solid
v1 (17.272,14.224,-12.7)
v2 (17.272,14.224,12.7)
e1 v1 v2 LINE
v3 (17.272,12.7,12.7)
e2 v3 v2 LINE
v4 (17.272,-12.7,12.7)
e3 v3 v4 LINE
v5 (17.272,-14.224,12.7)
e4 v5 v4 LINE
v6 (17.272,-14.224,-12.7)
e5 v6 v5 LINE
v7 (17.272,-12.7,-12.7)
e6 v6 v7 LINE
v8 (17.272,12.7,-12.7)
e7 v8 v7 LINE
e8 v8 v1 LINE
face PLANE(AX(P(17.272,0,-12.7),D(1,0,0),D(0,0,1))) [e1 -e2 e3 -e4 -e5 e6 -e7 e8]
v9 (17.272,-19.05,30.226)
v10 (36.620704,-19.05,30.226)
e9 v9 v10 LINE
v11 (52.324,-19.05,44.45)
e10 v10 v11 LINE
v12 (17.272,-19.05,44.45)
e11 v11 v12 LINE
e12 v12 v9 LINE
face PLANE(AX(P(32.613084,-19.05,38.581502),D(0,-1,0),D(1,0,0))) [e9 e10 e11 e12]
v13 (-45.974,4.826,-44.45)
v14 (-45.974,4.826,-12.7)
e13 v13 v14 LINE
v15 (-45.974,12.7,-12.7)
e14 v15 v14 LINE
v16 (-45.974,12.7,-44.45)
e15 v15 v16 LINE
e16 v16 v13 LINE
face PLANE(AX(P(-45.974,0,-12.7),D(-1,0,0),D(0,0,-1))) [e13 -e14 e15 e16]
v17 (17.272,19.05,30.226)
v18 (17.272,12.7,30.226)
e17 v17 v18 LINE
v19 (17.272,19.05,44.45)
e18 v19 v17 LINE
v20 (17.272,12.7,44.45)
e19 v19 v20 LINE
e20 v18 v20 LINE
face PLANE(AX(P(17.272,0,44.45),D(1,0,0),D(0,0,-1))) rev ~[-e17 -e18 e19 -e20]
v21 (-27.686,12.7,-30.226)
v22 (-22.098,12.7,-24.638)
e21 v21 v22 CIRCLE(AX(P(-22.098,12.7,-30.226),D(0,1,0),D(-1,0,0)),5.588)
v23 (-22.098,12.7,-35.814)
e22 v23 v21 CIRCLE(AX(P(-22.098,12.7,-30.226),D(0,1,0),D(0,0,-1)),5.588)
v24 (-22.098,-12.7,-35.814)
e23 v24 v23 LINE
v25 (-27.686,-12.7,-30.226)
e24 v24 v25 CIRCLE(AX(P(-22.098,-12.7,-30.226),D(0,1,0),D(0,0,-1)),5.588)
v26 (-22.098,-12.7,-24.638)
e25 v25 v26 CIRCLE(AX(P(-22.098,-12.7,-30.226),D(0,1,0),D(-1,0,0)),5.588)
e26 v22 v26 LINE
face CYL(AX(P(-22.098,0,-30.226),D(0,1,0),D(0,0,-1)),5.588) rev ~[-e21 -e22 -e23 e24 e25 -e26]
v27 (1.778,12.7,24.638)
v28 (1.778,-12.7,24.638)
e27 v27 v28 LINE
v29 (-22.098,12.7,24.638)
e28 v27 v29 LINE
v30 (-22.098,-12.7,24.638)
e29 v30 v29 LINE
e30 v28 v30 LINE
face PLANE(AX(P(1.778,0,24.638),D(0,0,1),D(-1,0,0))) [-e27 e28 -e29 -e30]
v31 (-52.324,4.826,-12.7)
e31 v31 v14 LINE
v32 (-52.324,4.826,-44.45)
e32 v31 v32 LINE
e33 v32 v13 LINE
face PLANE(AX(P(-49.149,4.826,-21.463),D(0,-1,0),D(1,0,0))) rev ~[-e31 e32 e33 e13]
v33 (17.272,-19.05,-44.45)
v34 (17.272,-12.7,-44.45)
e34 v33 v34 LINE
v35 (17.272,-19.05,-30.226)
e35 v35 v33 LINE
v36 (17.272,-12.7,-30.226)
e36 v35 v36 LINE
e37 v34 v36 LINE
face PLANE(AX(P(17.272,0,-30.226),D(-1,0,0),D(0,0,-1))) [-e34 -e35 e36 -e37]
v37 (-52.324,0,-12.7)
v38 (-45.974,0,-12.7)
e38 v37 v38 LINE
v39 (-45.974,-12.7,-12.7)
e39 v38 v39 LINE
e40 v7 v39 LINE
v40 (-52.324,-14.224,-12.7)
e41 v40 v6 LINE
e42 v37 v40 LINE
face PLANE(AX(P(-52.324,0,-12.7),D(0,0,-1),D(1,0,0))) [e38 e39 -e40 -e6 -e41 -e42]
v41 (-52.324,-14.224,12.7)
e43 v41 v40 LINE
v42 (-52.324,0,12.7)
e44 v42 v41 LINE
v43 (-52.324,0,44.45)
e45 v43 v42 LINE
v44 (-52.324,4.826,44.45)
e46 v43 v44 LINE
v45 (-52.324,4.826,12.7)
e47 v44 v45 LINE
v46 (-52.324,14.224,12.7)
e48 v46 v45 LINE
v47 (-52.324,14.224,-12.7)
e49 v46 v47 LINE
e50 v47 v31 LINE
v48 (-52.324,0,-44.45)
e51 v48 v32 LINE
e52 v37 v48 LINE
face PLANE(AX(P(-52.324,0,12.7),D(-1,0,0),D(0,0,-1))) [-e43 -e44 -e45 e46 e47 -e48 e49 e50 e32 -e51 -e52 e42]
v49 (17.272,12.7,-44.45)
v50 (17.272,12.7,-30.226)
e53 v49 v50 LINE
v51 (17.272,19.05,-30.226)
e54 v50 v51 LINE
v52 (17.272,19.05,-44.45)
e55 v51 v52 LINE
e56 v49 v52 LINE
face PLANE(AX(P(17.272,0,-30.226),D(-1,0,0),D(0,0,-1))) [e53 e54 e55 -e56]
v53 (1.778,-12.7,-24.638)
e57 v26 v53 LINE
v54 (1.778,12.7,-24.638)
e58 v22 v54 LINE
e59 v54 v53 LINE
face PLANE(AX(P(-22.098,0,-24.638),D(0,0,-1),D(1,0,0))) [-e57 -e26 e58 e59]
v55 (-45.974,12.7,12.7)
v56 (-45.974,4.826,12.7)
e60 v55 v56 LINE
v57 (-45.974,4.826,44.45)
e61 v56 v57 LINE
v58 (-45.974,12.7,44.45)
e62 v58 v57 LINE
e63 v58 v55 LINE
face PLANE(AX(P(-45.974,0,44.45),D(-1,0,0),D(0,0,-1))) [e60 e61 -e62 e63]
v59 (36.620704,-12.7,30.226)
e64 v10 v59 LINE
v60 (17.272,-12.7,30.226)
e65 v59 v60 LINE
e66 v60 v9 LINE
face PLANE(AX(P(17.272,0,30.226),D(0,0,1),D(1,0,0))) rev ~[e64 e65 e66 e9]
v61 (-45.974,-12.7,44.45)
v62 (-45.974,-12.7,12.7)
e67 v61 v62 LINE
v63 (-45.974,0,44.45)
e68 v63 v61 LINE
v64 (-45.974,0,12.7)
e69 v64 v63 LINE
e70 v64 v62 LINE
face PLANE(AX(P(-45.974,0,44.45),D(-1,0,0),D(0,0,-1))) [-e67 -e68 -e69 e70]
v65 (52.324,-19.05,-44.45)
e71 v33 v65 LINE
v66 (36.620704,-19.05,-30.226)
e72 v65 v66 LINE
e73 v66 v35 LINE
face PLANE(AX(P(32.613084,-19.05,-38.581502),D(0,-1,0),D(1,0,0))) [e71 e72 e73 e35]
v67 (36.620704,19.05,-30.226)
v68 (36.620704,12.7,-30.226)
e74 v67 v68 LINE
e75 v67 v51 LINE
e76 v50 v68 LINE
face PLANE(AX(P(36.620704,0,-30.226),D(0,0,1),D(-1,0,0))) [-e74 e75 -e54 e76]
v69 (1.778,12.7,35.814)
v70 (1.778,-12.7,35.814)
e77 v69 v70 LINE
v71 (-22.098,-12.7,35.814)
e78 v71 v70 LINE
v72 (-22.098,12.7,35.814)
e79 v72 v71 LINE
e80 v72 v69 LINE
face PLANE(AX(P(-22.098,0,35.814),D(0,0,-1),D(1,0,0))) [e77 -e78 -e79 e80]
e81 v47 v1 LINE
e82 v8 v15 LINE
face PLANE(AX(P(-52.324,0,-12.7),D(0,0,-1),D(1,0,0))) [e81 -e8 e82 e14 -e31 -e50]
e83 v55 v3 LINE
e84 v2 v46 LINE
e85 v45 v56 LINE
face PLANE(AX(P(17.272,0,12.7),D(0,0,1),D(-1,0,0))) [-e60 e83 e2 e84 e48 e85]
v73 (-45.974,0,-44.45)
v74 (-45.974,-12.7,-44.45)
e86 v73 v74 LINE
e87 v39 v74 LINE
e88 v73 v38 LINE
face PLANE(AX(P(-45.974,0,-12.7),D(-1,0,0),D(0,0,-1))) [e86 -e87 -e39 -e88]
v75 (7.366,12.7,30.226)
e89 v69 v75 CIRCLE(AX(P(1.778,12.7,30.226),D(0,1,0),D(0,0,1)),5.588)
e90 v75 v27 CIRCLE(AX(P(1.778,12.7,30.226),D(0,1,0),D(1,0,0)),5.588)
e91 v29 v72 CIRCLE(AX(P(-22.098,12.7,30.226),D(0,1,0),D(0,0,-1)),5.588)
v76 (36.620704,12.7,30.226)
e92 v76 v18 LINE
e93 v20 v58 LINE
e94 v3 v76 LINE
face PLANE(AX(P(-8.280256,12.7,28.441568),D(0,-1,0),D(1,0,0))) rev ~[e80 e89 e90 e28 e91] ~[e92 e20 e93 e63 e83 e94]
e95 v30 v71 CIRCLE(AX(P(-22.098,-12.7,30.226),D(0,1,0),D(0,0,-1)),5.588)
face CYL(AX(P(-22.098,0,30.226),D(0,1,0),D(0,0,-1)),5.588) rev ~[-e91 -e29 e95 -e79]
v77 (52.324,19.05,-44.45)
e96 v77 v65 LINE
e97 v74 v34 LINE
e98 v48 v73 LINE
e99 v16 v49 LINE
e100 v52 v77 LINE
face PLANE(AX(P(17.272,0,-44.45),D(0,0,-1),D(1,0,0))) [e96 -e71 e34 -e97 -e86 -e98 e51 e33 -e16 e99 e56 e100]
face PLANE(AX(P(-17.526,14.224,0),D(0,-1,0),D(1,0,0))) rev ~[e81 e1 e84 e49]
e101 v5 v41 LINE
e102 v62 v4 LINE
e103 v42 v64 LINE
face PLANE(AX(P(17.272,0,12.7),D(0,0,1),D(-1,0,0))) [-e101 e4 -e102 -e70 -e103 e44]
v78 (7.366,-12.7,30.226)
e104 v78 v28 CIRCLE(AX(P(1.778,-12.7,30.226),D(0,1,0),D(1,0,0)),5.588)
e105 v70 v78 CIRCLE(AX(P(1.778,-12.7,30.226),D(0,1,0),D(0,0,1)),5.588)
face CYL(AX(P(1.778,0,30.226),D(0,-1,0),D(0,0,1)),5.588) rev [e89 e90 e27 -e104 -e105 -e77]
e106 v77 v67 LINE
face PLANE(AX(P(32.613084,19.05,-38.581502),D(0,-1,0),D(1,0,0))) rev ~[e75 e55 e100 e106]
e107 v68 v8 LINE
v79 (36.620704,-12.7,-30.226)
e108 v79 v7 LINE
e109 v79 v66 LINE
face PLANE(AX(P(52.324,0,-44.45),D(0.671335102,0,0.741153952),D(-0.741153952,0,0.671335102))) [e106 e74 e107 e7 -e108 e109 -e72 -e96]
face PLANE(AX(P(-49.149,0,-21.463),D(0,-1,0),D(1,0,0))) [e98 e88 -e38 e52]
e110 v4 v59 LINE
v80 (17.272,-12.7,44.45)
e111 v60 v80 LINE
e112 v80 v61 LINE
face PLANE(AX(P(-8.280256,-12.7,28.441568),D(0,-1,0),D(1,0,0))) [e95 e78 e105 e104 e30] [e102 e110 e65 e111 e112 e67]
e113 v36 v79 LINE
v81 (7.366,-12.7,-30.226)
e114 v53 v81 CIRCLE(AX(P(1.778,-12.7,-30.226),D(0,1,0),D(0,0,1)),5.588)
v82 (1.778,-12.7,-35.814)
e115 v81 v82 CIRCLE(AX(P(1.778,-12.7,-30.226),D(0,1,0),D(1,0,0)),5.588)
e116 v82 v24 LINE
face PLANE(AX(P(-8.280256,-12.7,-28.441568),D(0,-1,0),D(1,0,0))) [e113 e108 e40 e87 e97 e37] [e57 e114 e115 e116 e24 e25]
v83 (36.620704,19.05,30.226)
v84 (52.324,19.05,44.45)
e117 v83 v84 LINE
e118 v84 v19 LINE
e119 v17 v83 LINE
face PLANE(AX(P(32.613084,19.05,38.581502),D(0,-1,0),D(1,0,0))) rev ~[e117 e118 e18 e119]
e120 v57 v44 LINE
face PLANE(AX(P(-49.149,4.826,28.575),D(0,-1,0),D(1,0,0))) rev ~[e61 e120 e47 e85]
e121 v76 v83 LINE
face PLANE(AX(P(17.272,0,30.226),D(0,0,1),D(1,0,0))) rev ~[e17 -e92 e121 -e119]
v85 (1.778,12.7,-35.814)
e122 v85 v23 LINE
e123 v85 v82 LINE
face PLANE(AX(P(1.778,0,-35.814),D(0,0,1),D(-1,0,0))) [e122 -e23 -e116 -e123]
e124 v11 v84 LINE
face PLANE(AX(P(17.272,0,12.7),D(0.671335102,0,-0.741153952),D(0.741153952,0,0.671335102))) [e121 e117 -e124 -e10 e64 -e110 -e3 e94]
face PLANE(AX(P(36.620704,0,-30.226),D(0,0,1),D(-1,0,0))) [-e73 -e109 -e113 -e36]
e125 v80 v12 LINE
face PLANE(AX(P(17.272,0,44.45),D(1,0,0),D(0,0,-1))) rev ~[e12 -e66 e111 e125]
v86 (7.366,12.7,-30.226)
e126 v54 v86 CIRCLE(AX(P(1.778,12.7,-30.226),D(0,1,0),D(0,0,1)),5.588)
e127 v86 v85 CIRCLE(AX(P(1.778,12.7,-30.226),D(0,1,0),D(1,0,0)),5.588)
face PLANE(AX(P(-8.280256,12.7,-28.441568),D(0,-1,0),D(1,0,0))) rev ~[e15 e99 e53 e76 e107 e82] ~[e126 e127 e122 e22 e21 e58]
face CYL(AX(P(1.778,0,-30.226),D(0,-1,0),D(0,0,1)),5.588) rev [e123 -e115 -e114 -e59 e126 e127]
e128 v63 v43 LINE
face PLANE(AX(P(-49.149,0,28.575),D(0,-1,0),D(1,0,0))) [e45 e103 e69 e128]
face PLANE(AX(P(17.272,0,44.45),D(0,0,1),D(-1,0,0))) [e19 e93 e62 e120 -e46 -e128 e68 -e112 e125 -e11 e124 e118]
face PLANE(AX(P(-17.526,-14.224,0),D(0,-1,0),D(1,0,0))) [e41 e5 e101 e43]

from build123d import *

# Parameters (mm, degrees)
F1_DEPTH = 14.224
F0_W     = 6.35
F0_H     = 17.526
F0_H_2   = 14.224
F2_DEPTH = 4.826
F3_DEPTH = 12.7
F4_DEPTH = 12.7
F5_DEPTH = 19.05


with BuildPart() as f1:
    # F0 (on Front) → F1 (new body, symmetric)
    with BuildSketch(Plane.XZ):
        Polygon((17.272, 12.7), (-45.974, 12.7), (-52.324, 12.7), (-52.324, -12.7), (-45.974, -12.7), (17.272, -12.7), align=None)
    extrude(amount=F1_DEPTH, both=True)

    # F0 (on Front) → F2 (join)
    with BuildSketch(Plane.XZ):
        Polygon((-45.974, 44.45), (-52.324, 44.45), (-52.324, 30.226), (-52.324, 12.7), (-45.974, 12.7), align=None)
        with Locations((-49.149, -21.463)):
            Rectangle(F0_W, F0_H)
        with Locations((-49.149, -37.338)):
            Rectangle(F0_W, F0_H_2)
    extrude(amount=-F2_DEPTH)

    # F0 (on Front) → F3 (join, symmetric)
    with BuildSketch(Plane.XZ):
        Polygon((17.272, 44.45), (-45.974, 44.45), (-45.974, 12.7), (17.272, 12.7), (36.620704, 30.226), (17.272, 30.226), align=None)
        with BuildLine():
            ThreePointArc((-22.098, 24.638), (-27.686, 30.226), (-22.098, 35.814))
            Line((-22.098, 35.814), (1.778, 35.814))
            ThreePointArc((1.778, 35.814), (5.7293126933, 34.1773126933), (7.366, 30.226))
            ThreePointArc((7.366, 30.226), (5.7293126933, 26.2746873067), (1.778, 24.638))
            Line((1.778, 24.638), (-22.098, 24.638))
        make_face(mode=Mode.SUBTRACT)
    extrude(amount=F3_DEPTH, both=True)

    # F0 (on Front) → F4 (join, symmetric)
    with BuildSketch(Plane.XZ):
        Polygon((36.620704, -30.226), (17.272, -12.7), (-45.974, -12.7), (-45.974, -30.226), (-45.974, -44.45), (17.272, -44.45), (17.272, -30.226), align=None)
        with BuildLine():
            ThreePointArc((-22.098, -35.814), (-26.0493126933, -34.1773126933), (-27.686, -30.226))
            ThreePointArc((-27.686, -30.226), (-26.0493126933, -26.2746873067), (-22.098, -24.638))
            Line((-22.098, -24.638), (1.778, -24.638))
            ThreePointArc((1.778, -24.638), (5.7293126933, -26.2746873067), (7.366, -30.226))
            ThreePointArc((7.366, -30.226), (5.7293126933, -34.1773126933), (1.778, -35.814))
            Line((1.778, -35.814), (-22.098, -35.814))
        make_face(mode=Mode.SUBTRACT)
    extrude(amount=F4_DEPTH, both=True)

    # F0 (on Front) → F5 (join, symmetric)
    with BuildSketch(Plane.XZ):
        Polygon((52.324, 44.45), (17.272, 44.45), (17.272, 30.226), (36.620704, 30.226), align=None)
        Polygon((17.272, -44.45), (52.324, -44.45), (36.620704, -30.226), (17.272, -30.226), align=None)
    extrude(amount=F5_DEPTH, both=True)


solid = f1.part
